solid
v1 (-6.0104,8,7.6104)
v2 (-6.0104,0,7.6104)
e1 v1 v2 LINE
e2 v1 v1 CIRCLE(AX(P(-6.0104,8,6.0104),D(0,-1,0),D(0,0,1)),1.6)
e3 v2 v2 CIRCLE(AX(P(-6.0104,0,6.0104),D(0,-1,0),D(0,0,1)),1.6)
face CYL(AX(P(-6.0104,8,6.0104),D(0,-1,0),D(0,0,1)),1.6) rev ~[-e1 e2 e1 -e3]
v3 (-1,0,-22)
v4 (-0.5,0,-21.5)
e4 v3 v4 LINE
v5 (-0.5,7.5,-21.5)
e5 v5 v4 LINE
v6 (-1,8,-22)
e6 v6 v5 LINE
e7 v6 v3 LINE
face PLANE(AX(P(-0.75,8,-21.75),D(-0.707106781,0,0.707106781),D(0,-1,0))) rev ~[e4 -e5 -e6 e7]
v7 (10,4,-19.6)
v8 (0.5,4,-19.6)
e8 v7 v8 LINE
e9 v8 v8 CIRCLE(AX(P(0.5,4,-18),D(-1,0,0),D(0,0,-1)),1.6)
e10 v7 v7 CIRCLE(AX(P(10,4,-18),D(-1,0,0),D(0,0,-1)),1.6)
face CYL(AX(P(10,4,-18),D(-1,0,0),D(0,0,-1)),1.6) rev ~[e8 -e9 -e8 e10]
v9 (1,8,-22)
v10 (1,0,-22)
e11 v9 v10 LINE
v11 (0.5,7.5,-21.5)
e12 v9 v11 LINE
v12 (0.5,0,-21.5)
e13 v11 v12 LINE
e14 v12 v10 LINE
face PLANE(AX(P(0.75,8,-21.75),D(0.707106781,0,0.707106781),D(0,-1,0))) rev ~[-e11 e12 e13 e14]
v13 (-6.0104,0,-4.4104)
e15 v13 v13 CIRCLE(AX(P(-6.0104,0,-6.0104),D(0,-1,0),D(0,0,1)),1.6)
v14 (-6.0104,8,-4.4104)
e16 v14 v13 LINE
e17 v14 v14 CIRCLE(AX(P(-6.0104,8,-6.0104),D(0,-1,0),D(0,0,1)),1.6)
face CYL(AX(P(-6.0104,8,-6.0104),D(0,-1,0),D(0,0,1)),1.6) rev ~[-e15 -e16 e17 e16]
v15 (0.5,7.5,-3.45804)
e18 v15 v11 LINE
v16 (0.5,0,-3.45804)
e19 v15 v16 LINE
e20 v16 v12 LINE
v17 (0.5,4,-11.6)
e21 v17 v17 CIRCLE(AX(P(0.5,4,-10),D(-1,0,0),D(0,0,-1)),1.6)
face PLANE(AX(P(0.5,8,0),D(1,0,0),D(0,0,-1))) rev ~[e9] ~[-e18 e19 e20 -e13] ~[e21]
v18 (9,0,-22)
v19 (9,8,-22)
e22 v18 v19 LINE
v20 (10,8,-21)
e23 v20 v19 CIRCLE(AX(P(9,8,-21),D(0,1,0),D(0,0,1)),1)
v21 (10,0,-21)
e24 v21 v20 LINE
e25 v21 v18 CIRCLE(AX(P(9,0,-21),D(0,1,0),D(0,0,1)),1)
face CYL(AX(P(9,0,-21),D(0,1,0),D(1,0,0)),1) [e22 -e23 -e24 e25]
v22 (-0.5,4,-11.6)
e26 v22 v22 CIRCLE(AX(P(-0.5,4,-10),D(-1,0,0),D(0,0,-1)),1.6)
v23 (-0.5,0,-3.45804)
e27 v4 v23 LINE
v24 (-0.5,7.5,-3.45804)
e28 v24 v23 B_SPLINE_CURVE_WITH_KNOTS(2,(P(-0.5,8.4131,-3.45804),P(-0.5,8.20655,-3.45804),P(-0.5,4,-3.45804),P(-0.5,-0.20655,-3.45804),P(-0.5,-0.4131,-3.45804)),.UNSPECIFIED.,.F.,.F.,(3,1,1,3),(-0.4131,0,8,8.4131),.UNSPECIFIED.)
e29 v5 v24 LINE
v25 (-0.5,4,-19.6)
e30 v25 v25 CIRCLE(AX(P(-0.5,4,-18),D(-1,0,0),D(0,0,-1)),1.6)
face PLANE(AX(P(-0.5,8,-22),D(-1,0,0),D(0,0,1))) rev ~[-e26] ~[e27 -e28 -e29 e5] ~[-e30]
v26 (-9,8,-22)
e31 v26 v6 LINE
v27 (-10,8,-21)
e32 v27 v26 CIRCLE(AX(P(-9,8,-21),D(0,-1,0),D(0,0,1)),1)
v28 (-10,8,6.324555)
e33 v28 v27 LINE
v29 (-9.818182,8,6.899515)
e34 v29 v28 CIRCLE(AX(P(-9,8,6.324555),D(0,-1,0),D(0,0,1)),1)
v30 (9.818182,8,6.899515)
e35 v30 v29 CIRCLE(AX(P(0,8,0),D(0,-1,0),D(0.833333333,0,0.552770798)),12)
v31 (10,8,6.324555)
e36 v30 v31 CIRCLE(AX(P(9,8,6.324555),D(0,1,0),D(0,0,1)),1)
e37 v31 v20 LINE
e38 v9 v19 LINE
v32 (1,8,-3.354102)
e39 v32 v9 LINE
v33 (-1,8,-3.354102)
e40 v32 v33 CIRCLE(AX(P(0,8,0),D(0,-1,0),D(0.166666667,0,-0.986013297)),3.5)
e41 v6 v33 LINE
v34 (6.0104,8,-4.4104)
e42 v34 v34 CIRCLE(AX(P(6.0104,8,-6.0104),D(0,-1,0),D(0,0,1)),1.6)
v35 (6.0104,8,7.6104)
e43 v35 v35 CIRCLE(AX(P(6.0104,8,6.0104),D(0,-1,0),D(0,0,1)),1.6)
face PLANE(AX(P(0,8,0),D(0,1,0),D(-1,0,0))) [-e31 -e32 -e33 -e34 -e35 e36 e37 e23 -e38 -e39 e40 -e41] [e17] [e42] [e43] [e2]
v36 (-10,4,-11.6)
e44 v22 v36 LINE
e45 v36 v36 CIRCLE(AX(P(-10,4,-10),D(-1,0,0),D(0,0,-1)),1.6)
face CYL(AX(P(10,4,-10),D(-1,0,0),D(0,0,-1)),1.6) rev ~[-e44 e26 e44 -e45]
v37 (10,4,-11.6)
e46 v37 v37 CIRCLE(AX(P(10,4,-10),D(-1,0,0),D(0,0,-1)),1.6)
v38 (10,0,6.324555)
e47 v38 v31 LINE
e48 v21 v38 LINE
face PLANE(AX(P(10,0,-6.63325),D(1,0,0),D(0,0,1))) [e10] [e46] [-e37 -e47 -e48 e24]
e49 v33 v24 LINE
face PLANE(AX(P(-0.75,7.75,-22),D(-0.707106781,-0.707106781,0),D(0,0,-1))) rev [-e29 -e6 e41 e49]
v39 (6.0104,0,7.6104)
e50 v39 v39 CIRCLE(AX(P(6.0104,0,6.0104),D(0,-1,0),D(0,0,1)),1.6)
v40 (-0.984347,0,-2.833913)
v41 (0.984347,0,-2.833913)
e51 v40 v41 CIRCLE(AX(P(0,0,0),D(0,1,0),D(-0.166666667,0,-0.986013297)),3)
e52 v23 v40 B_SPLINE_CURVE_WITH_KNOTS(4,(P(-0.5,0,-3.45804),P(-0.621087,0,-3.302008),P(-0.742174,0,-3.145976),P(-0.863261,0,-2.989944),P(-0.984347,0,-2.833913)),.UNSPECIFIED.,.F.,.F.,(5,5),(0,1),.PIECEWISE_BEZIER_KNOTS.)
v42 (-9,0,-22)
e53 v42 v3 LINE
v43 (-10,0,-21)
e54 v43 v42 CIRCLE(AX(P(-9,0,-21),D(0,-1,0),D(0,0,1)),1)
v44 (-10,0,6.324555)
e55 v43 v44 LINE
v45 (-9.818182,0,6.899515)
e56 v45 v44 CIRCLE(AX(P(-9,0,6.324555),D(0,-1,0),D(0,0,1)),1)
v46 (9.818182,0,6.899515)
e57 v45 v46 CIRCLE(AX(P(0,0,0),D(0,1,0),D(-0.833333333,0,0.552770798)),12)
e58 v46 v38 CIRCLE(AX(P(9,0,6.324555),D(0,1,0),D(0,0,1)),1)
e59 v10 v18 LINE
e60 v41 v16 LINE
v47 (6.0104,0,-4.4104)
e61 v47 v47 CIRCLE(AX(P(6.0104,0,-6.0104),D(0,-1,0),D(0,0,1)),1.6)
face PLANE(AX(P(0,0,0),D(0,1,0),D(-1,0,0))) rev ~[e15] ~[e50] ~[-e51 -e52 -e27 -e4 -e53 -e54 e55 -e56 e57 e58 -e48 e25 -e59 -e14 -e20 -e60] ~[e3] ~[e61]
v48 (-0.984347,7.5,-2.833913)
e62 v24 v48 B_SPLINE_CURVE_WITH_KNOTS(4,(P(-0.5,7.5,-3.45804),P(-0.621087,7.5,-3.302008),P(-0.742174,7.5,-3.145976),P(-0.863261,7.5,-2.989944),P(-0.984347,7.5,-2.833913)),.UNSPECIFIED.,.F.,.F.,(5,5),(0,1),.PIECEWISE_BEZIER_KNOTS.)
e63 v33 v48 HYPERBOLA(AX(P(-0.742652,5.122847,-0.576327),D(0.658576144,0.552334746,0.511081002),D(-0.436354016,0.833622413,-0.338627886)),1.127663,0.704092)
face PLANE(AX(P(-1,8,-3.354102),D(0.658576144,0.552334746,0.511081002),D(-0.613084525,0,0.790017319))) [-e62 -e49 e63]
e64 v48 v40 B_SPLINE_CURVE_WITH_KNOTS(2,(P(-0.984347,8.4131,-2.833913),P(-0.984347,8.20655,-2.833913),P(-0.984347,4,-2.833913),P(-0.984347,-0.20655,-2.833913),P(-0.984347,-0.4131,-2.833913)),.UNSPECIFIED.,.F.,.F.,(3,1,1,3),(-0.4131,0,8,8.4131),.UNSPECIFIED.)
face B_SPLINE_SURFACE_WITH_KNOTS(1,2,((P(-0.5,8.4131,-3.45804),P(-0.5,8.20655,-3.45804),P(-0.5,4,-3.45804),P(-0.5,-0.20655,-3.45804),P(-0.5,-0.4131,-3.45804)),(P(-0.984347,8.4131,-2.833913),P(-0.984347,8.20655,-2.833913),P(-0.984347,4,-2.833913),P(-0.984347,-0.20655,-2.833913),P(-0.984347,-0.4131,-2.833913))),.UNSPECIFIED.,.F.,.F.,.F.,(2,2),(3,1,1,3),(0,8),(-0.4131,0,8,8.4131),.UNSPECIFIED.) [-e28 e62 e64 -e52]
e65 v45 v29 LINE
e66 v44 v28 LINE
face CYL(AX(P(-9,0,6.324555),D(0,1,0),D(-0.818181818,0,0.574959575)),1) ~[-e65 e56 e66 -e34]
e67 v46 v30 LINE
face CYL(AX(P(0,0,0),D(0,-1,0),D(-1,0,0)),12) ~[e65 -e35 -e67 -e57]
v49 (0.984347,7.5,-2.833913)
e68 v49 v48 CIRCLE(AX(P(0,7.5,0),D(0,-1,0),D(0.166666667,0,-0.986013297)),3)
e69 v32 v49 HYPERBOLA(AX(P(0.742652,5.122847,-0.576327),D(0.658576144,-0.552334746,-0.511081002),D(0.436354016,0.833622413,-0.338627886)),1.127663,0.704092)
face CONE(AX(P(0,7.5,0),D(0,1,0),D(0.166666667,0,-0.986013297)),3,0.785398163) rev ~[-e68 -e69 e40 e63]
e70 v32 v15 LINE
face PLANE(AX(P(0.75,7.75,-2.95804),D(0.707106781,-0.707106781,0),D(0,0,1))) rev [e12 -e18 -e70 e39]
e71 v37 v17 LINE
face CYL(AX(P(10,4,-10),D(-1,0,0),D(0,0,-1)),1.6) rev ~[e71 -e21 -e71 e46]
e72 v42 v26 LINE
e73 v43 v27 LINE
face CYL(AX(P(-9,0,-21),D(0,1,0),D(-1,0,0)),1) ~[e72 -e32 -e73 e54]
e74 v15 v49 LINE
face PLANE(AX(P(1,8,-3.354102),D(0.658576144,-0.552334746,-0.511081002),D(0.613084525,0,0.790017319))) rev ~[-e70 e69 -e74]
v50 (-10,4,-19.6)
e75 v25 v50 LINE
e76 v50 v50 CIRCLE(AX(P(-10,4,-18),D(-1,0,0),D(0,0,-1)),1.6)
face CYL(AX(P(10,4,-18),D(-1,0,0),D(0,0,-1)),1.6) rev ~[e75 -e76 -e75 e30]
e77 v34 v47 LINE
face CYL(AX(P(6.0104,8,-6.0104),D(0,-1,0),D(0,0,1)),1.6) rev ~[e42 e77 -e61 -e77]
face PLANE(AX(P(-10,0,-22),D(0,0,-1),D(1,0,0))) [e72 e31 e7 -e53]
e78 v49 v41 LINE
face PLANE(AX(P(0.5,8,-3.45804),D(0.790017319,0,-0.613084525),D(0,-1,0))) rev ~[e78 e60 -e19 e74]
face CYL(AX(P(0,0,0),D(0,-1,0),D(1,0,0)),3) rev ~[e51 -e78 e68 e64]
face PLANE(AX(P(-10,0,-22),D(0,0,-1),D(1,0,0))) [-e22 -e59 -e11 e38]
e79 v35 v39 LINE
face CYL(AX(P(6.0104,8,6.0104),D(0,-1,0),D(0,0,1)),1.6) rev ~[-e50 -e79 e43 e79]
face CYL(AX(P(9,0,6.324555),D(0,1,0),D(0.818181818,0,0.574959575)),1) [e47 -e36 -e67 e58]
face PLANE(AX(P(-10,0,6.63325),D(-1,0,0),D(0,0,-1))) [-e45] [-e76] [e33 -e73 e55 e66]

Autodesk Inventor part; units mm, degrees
ref_plane "YZ Plane" through (0, 0, 0) normal (1, 0, 0) x (0, 1, 0)
ref_plane "XZ Plane" through (0, 0, 0) normal (0, 1, 0) x (-1, 0, 0)
ref_plane "XY Plane" through (0, 0, 0) normal (0, 0, 1) x (1, 0, 0)
sketch "スケッチ1" plane through (0, 0, 0) normal (0, 1, 0) x (-1, 0, 0)
  line L0 (-10, 12) -> (10, 12)
  line L1 (10, 12) -> (10, -22)
  line L2 (10, -22) -> (-10, -22)
  line L3 (-10, -22) -> (-10, 12)
  circle A0 centre (0, 0) radius 12
  point P0 (10, 6.6332)
  point P1 (-10, 6.6332)
  dimension "d47" = 20
  dimension "d66" = 10
  dimension "d67" = 22
  dimension "d70" = 12
extrude "押し出し1" add sketch "スケッチ1" along normal blind 8 contours A0 L1 L3 | A0 L1 L2 L3
sketch "スケッチ3" plane through (0, 8, 0) normal (0, 1, 0) x (1, 0, 0)
  circle A0 centre (0, 0) radius 8.5
  point P0 (-6.0104, 6.0104)
  point P1 (-6.0104, -6.0104)
  point P2 (6.0104, -6.0104)
  point P3 (6.0104, 6.0104)
  dimension "d6" = 17
  dimension "d9" = 360
hole "穴1" at (-6.0104, 8, -6.0104) at (-6.0104, 8, 6.0104) at (6.0104, 8, 6.0104) at (6.0104, 8, -6.0104) direction (0, -1, 0) diameter 3.2 end through all clearance for "Socket Head Cap Screw" size "M3" standard "Ansi Metric M Profile"
sketch "スケッチ2" plane through (0, 8, 0) normal (0, 1, 0) x (1, 0, 0)
  line L0 (-0.5, 0) -> (0.5, 0)
  line L1 (0.5, 0) -> (0.5, 22)
  line L2 (0.5, 22) -> (-0.5, 22)
  line L3 (-0.5, 22) -> (-0.5, 0)
  arc A0 (-10, -6.6332) -> (10, -6.6332) centre (0, 0) ccw projected
  line L4 (10, 22) -> (-10, 22) projected
  dimension "d3" = 1
  dimension "d71" = 0.5
extrude "押し出し2" cut sketch "スケッチ2" against normal blind 8
sketch "スケッチ7" plane through (10, 0, 12) normal (1, 0, 0) x (0, 0, -1)
  line L0 (5.3668, 8) -> (34, 8) projected
  line L1 (34, 0) -> (34, 8) projected
  line L2 (12, -2) -> (12, 12) projected
  point P0 (12, 0)
  point P1 (22, 4)
  point P2 (30, 4)
  dimension "d48" = 4
  dimension "d50" = 4
  dimension "d68" = 10
hole "穴4" at (10, 4, -10) at (10, 4, -18) direction (-1, 0, 0) diameter 3.2 end through all clearance for "Socket Head Cap Screw" size "M3" standard "Ansi Metric M Profile"
fillet "フィレット1" radius 1 4 edges at (10, 4, -22) (-10, 4, -22) (10, 4, 6.6332) (-10, 4, 6.6332)
sketch "スケッチ8" plane through (0, 0, 0) normal (0, -1, 0) x (1, 0, 0)
  circle A0 centre (0, 0) radius 3
  dimension "d62" = 6
extrude "押し出し4" cut sketch "スケッチ8" against normal through all
chamfer "面取り2" distance 0.5 angle 45 7 edges at (-0.5, 8, -12.479) (0.5, 8, -12.479) (0, 8, 3) (-0.5, 4, -22) (0.5, 4, -22) (0.5, 4, -2.958) (-0.5, 4, -2.958)
equation "\"d66\" = 0.5 * d47"
equation "\"d50\" = d48"
properties part number "s_base3"
